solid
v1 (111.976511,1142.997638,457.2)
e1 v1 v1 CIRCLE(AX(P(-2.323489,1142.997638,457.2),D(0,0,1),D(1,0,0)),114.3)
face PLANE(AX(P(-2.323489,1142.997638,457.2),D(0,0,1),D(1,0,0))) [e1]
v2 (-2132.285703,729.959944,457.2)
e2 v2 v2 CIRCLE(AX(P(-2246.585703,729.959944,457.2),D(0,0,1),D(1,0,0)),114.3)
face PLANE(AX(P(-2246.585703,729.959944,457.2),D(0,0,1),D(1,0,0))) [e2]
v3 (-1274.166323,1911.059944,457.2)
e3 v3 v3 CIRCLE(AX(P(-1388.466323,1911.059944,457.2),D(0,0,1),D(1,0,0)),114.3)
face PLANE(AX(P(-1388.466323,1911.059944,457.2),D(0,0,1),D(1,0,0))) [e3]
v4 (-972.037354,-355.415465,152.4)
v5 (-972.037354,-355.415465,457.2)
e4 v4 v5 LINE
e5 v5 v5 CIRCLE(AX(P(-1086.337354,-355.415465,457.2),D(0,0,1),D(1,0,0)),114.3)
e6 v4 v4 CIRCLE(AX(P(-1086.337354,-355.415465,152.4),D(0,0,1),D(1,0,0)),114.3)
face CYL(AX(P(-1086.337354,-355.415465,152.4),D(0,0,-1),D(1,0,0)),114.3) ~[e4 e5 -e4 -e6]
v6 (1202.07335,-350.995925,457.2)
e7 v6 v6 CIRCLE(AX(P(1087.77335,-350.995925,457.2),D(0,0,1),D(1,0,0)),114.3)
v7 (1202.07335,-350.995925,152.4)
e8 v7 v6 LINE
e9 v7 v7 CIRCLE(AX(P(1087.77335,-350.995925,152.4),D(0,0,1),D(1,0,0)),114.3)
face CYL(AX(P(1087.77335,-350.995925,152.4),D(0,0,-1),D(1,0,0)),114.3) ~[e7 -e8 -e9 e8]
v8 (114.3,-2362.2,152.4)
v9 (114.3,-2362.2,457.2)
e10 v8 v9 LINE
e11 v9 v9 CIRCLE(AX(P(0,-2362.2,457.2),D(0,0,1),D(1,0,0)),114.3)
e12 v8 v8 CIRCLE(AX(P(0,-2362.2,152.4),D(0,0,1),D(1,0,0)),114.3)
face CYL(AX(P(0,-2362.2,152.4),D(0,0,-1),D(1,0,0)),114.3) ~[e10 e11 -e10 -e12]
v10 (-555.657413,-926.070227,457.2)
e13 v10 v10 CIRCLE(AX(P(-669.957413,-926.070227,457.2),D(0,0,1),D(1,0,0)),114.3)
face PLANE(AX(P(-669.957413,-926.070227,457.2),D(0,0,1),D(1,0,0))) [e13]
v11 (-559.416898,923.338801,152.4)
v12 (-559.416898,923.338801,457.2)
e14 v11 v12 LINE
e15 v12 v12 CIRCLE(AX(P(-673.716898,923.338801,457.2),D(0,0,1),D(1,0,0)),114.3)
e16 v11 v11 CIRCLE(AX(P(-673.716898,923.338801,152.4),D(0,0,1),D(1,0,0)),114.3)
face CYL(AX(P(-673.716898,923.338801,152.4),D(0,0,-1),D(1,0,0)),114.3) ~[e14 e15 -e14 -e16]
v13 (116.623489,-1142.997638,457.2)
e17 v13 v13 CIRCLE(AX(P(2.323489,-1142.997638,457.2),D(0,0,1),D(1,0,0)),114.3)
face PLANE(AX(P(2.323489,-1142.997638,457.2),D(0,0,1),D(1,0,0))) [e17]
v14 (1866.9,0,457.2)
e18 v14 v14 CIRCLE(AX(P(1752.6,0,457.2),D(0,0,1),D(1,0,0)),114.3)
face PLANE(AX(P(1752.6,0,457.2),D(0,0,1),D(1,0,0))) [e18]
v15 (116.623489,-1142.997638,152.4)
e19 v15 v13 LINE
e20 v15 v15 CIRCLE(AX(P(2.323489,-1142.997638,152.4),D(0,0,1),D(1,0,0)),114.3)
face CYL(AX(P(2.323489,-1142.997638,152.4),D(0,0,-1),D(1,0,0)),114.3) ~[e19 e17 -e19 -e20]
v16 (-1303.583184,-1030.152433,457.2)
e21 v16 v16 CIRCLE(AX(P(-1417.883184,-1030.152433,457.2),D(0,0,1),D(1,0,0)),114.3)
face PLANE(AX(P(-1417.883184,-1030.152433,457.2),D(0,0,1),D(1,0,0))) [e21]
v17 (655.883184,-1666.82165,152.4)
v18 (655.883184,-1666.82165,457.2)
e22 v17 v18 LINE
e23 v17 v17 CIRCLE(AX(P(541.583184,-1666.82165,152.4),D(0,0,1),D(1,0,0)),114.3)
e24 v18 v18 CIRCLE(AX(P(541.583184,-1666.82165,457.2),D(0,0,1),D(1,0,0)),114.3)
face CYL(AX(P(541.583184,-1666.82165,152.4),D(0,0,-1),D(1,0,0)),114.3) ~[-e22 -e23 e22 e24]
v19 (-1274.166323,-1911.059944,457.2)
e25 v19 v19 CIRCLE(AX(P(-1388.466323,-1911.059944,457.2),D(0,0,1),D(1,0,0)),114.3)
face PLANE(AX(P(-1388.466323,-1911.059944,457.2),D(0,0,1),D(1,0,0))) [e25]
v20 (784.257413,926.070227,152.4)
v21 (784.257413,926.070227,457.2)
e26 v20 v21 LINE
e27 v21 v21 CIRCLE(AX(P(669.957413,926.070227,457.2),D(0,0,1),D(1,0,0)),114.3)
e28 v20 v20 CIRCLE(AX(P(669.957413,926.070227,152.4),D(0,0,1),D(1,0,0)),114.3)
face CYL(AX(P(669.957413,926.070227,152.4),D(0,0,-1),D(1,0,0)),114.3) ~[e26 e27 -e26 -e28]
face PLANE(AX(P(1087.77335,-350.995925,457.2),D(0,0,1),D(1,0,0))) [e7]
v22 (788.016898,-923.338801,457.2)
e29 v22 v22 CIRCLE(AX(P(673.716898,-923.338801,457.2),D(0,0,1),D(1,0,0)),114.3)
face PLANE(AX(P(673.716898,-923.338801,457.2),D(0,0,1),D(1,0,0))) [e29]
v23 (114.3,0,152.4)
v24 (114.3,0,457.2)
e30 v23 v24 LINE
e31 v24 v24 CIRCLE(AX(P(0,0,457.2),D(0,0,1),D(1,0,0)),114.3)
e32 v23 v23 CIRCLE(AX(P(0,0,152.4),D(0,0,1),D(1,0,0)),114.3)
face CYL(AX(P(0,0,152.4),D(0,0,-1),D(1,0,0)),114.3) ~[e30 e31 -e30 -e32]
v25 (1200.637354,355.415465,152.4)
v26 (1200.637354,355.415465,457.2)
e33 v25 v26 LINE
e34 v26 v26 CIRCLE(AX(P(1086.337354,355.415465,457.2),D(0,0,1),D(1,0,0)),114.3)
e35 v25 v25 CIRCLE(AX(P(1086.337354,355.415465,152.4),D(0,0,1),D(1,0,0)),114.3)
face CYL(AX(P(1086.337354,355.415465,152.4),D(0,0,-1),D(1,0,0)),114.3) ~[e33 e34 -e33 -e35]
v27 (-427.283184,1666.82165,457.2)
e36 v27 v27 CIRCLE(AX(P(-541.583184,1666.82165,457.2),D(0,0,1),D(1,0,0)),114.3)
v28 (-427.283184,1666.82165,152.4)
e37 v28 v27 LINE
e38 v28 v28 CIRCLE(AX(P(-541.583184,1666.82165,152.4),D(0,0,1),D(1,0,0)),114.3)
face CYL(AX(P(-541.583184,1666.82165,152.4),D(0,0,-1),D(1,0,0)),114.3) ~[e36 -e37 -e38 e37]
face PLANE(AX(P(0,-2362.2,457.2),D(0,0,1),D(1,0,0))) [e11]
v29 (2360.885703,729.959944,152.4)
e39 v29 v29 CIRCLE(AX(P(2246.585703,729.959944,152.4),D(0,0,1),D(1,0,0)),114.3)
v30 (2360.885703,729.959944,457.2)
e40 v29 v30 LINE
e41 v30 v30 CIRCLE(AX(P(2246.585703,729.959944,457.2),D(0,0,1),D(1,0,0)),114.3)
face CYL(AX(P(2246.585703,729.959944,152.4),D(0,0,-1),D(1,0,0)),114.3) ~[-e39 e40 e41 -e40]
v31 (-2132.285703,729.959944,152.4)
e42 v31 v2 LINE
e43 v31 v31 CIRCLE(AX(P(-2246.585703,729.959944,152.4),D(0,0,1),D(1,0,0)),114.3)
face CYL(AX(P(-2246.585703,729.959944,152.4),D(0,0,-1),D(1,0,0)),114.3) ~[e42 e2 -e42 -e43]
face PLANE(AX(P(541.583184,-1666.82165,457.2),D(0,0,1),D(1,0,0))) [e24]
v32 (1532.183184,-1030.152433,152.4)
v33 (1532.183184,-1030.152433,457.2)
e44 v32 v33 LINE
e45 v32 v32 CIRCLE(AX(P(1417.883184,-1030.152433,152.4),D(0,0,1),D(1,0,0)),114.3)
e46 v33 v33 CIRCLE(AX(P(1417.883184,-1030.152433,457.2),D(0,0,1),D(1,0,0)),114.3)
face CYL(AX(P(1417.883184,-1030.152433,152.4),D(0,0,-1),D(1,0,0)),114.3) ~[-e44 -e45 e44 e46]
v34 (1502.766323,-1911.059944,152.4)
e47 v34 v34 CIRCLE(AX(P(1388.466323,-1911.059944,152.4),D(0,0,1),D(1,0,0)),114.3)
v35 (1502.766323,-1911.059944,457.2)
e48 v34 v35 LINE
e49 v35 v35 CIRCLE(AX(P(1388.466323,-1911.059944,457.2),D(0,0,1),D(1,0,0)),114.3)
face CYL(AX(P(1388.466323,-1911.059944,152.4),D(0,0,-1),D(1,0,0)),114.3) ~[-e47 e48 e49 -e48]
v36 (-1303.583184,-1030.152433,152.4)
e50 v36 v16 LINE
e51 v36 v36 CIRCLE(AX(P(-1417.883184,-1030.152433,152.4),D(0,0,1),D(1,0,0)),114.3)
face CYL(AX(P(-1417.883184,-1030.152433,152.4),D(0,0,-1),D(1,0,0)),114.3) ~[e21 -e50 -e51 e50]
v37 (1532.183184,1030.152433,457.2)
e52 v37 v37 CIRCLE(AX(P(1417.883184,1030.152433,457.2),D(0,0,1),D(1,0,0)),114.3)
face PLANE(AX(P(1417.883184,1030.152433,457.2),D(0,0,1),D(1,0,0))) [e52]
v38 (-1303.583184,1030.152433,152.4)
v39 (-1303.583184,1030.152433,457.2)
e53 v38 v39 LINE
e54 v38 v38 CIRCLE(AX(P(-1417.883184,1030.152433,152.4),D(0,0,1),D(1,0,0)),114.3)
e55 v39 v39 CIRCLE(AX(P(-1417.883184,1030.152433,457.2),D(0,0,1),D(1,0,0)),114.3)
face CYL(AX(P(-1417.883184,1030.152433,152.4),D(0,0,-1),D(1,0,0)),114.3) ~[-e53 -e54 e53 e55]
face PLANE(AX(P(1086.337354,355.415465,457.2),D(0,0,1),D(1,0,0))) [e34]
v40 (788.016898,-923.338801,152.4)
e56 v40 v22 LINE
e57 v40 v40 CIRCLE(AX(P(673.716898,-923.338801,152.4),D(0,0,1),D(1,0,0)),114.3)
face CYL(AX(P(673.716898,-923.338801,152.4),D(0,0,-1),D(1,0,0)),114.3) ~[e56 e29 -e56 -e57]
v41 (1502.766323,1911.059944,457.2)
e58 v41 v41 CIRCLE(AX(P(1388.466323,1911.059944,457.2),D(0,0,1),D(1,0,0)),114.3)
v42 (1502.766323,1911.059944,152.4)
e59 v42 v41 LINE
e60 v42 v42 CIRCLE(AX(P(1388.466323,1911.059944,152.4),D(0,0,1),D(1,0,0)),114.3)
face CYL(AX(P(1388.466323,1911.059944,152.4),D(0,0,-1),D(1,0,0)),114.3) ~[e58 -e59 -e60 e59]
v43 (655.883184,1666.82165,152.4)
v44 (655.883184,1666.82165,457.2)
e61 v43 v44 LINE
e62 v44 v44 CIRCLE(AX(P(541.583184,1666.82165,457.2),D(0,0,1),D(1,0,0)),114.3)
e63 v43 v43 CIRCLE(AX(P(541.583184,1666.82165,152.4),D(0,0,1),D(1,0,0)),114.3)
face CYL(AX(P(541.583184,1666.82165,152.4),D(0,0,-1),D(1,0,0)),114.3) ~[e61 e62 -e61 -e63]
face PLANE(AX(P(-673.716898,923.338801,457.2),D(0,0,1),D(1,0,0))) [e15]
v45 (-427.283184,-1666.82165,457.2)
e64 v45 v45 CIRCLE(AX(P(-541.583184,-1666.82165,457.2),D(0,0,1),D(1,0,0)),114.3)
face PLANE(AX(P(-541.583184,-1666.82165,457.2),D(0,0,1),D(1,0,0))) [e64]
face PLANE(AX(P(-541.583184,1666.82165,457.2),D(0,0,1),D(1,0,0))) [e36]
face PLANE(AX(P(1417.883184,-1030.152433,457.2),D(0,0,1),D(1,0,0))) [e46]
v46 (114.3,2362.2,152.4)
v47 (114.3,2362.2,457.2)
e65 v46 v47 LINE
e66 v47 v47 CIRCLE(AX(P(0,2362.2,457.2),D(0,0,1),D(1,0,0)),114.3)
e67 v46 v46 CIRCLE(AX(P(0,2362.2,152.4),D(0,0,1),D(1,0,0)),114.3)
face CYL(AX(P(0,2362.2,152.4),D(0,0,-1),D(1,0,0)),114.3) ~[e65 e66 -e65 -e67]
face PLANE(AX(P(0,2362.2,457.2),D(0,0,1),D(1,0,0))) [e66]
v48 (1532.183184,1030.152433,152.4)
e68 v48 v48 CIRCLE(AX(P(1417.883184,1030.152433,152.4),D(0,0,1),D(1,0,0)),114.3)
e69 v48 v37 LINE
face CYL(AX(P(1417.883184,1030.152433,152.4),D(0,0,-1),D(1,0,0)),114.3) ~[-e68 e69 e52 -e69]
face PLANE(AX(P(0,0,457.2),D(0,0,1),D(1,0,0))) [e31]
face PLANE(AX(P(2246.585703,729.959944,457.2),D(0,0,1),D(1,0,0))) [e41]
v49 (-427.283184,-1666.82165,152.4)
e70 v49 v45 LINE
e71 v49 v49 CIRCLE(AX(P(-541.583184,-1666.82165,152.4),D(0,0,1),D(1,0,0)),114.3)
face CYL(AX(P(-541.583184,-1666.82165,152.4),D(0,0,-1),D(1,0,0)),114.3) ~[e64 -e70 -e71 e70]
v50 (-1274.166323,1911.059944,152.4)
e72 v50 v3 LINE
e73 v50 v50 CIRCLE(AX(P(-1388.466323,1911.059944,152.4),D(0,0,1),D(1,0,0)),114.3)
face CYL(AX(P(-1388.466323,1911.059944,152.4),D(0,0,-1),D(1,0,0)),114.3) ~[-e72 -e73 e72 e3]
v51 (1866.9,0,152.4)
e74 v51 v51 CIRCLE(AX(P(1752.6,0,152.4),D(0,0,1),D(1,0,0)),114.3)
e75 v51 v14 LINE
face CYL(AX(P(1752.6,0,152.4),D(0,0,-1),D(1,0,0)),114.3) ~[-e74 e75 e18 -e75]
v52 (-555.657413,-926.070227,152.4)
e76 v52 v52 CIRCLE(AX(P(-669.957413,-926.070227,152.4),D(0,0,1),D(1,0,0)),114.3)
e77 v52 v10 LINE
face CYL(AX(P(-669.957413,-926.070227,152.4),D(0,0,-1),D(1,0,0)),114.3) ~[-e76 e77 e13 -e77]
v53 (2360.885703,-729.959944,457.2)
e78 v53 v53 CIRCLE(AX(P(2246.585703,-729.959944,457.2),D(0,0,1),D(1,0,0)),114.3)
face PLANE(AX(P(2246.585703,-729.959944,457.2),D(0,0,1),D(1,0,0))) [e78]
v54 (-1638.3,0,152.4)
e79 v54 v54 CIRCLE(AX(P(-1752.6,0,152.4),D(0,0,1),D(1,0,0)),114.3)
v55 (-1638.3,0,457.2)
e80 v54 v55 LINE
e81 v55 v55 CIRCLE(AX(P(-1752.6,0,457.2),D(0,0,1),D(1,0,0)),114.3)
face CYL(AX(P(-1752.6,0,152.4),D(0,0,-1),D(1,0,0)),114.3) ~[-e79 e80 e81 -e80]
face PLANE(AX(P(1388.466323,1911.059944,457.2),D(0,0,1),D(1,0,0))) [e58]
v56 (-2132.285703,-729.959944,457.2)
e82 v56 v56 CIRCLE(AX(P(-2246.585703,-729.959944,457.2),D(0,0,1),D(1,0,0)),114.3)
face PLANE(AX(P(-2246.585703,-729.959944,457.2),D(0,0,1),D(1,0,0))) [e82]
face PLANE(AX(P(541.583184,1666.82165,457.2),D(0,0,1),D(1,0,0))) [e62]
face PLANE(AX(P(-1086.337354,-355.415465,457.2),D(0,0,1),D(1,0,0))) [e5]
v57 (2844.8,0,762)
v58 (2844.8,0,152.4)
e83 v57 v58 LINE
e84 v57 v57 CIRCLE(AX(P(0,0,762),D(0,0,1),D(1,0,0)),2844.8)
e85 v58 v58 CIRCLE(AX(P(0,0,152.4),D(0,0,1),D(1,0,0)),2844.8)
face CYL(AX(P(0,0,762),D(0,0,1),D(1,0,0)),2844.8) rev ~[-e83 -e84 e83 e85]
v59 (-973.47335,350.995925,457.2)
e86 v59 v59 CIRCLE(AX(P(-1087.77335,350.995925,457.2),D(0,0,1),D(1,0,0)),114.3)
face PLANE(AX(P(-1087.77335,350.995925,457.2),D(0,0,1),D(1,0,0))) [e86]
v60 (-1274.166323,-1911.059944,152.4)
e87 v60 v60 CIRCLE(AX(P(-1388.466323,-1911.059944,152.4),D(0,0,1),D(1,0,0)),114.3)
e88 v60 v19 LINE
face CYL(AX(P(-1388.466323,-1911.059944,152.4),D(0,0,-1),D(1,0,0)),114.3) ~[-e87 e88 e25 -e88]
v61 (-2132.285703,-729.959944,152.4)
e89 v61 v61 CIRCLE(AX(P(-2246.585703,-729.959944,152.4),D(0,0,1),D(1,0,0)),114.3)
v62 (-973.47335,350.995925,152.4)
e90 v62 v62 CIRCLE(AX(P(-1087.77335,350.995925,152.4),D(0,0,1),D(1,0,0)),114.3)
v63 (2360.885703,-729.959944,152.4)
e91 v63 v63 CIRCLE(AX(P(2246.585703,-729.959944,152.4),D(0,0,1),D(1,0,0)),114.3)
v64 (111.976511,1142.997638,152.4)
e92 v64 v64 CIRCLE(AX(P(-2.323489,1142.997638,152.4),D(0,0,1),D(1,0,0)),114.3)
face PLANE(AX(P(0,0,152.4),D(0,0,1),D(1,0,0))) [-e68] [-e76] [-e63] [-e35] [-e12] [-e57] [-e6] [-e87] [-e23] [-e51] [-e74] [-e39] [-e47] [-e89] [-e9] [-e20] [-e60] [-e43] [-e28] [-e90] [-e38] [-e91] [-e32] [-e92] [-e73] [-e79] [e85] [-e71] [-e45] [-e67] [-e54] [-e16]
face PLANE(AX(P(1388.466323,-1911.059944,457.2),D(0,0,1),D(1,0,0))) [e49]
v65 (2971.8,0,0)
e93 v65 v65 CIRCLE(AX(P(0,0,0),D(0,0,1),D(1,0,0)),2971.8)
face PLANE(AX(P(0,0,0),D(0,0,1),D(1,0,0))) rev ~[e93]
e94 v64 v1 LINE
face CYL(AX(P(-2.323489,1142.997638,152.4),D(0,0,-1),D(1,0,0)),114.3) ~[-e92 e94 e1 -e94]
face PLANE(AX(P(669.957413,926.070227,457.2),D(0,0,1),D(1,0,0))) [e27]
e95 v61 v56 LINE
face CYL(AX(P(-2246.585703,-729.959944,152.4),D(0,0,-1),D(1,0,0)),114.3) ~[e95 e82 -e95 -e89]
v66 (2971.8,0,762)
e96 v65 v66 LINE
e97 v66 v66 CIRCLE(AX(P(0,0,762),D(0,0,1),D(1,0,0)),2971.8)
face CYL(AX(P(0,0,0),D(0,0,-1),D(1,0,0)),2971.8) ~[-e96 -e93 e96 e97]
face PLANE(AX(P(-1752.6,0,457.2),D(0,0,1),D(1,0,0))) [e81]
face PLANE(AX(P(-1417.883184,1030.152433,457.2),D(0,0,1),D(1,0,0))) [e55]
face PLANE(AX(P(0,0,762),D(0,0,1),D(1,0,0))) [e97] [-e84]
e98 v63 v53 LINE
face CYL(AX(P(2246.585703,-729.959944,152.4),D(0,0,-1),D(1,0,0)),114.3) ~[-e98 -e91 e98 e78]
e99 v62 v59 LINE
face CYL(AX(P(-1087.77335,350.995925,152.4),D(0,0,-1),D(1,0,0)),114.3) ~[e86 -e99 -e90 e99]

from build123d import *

# Parameters (mm, degrees)
F0_R     = 2971.8
F1_DEPTH = 762
F2_R     = 2844.8
F3_DEPTH = 609.6
F5_R     = 114.3
F6_DEPTH = 304.8


with BuildPart() as f1:
    # F0 (on Top) → F1 (new body)
    with BuildSketch(Plane.XY):
        Circle(F0_R)
    extrude(amount=F1_DEPTH)

    # F2 (on face) → F3 (cut)
    with BuildSketch(Plane.XY.offset(762)):
        Circle(F2_R)
    extrude(amount=-F3_DEPTH, mode=Mode.SUBTRACT)

    # F5 (on face) → F6 (join)
    with BuildSketch(Plane.XY.offset(152.4)):
        with Locations((0, 2362.2)):
            Circle(F5_R)
        with Locations((-1752.6, 0)):
            Circle(F5_R)
        with Locations((-1388.466323, 1911.059944)):
            Circle(F5_R)
        with Locations((-2246.585703, 729.959944)):
            Circle(F5_R)
        with Locations((-2246.585703, -729.959944)):
            Circle(F5_R)
        with Locations((-1388.466323, -1911.059944)):
            Circle(F5_R)
        with Locations((0, -2362.2)):
            Circle(F5_R)
        with Locations((1388.466323, -1911.059944)):
            Circle(F5_R)
        with Locations((2246.585703, -729.959944)):
            Circle(F5_R)
        with Locations((2246.585703, 729.959944)):
            Circle(F5_R)
        with Locations((1388.466323, 1911.059944)):
            Circle(F5_R)
        with Locations((-1417.883184, -1030.152433)):
            Circle(F5_R)
        with Locations((-541.583184, -1666.82165)):
            Circle(F5_R)
        with Locations((541.583184, -1666.82165)):
            Circle(F5_R)
        with Locations((1417.883184, -1030.152433)):
            Circle(F5_R)
        with Locations((1752.6, 0)):
            Circle(F5_R)
        with Locations((1417.883184, 1030.152433)):
            Circle(F5_R)
        with Locations((541.583184, 1666.82165)):
            Circle(F5_R)
        with Locations((-541.583184, 1666.82165)):
            Circle(F5_R)
        with Locations((-1417.883184, 1030.152433)):
            Circle(F5_R)
        Circle(F5_R)
        with Locations((-673.716898, 923.338801)):
            Circle(F5_R)
        with Locations((-1087.77335, 350.995925)):
            Circle(F5_R)
        with Locations((-1086.337354, -355.415465)):
            Circle(F5_R)
        with Locations((-669.957413, -926.070227)):
            Circle(F5_R)
        with Locations((2.323489, -1142.997638)):
            Circle(F5_R)
        with Locations((673.716898, -923.338801)):
            Circle(F5_R)
        with Locations((1087.77335, -350.995925)):
            Circle(F5_R)
        with Locations((1086.337354, 355.415465)):
            Circle(F5_R)
        with Locations((669.957413, 926.070227)):
            Circle(F5_R)
        with Locations((-2.323489, 1142.997638)):
            Circle(F5_R)
    extrude(amount=F6_DEPTH)


solid = f1.part
